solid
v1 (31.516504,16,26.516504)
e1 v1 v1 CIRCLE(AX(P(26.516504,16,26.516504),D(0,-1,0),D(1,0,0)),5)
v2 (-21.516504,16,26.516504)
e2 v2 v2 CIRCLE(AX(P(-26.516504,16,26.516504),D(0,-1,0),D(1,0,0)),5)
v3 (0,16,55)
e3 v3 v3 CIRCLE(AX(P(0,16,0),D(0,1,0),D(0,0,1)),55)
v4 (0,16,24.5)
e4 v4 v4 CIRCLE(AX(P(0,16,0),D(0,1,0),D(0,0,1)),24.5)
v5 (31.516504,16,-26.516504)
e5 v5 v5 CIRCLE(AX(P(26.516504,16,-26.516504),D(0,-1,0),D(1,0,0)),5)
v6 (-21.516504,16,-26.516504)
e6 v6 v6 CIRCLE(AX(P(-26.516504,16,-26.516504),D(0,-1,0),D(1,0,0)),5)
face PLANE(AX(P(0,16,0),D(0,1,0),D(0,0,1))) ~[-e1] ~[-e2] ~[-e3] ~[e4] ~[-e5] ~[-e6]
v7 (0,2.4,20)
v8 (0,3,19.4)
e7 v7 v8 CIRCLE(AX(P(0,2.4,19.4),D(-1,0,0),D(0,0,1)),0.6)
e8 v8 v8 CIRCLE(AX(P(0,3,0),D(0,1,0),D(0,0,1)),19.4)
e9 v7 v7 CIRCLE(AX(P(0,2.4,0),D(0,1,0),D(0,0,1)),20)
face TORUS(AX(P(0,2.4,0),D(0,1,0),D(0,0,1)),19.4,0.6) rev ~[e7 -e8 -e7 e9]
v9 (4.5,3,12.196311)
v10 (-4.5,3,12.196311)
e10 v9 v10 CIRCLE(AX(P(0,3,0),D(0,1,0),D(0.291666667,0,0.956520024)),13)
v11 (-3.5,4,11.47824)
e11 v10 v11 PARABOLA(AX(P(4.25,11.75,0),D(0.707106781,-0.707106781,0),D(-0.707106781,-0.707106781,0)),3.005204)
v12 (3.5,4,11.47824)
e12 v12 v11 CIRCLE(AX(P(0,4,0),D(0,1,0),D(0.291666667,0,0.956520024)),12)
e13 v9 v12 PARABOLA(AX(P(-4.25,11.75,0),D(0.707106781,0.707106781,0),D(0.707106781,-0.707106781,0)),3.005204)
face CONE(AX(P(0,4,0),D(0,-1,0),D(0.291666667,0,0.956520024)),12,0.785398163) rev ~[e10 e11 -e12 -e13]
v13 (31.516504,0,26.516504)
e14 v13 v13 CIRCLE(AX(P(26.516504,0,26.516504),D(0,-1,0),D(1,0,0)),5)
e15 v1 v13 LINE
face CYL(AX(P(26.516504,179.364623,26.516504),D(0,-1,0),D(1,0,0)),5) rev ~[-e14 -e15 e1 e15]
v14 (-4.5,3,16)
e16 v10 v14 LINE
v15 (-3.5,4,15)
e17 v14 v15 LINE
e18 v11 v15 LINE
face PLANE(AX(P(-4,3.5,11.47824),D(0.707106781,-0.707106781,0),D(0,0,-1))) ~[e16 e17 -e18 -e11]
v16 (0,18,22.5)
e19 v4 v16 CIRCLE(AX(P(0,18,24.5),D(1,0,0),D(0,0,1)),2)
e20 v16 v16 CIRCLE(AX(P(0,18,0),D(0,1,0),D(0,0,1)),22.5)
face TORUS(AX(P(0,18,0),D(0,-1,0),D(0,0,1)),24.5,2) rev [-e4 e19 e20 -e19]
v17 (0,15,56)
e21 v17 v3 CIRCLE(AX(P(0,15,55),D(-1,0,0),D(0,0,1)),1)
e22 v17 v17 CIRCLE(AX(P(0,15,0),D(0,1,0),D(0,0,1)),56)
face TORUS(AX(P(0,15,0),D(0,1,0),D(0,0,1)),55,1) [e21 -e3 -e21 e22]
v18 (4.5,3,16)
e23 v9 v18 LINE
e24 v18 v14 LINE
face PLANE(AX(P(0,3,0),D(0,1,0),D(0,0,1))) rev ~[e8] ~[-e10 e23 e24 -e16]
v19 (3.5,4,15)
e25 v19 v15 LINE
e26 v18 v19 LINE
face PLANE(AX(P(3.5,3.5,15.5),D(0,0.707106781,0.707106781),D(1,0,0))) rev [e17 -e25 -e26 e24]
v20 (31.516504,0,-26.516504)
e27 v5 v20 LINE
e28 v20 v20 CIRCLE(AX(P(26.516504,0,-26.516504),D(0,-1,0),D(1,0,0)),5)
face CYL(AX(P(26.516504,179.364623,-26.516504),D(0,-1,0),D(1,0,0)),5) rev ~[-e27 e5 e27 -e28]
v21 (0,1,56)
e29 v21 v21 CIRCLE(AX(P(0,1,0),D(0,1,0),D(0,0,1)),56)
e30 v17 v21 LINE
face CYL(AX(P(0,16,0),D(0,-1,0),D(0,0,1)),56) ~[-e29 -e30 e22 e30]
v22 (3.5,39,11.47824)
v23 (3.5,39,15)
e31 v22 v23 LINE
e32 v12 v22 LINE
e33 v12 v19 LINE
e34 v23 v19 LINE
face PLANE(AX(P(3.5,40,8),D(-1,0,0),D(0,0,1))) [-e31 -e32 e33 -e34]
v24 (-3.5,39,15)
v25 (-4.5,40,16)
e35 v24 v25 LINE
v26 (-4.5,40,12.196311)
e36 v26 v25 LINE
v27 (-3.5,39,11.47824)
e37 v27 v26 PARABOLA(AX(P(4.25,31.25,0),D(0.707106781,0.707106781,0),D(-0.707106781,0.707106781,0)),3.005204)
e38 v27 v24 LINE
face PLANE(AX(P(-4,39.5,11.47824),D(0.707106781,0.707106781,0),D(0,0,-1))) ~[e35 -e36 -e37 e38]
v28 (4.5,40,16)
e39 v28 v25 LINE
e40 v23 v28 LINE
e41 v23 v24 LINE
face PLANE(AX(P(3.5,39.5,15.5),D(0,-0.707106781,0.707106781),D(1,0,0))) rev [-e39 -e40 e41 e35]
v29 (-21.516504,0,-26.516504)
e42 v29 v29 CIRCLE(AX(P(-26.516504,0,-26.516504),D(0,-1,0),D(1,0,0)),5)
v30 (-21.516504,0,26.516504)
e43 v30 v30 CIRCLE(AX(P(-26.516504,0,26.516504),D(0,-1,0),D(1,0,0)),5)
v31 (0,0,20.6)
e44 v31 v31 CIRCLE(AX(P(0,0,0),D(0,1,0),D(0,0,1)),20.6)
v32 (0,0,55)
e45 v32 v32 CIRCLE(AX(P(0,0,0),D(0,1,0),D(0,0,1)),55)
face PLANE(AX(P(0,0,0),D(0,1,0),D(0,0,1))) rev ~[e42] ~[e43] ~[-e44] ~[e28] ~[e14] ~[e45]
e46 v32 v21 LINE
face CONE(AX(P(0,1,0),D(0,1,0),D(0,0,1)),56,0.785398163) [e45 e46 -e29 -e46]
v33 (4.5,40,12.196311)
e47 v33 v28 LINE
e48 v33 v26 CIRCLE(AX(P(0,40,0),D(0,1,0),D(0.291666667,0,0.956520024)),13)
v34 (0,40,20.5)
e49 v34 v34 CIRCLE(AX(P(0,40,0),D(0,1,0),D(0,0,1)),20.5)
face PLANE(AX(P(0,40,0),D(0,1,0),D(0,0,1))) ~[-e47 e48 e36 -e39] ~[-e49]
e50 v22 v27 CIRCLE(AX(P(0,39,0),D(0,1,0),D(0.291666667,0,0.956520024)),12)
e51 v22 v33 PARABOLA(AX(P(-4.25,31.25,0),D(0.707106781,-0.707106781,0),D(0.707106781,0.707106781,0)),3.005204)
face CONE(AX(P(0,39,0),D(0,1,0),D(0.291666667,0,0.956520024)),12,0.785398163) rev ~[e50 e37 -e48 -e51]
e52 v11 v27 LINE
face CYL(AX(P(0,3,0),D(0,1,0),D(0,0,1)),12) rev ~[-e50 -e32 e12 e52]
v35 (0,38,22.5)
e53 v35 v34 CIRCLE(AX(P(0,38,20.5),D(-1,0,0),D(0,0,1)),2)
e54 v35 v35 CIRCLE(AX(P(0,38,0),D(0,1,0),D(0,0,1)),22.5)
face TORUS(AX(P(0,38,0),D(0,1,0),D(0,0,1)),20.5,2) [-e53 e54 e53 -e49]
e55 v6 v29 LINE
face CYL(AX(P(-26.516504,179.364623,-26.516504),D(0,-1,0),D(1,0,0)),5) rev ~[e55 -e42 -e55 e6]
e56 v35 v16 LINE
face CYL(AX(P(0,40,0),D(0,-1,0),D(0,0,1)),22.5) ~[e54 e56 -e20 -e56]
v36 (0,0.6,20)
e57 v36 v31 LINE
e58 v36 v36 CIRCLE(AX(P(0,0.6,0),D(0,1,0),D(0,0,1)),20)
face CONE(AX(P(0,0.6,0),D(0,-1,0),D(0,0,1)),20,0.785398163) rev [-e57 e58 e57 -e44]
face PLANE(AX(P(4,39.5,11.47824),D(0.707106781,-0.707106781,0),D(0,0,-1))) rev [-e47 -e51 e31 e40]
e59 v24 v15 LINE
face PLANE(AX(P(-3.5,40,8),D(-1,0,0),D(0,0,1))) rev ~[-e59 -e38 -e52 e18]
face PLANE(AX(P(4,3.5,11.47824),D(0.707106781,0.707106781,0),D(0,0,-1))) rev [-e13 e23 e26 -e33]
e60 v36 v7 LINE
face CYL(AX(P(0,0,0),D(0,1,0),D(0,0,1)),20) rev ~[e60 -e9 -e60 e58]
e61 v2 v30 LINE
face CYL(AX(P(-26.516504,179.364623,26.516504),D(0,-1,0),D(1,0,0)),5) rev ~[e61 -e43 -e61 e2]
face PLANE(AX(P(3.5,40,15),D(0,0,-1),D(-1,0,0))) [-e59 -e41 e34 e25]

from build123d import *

# Parameters (mm, degrees)
F2_W     = 7
F2_H     = 7
F3_DEPTH = 40.001
F5_D     = 10
F6_SIZE  = 1
F7_SIZE  = 0.6
F8_R     = 0.6
F9_SIZE  = 1
F10_R    = 1
F11_R    = 2


with BuildPart() as f1:
    # F0 (on Right) → F1 (revolve)
    with BuildSketch(Plane.YZ):
        Polygon((0, 56), (0, 20), (3, 20), (3, 12), (40, 12), (40, 22.5), (16, 22.5), (16, 56), align=None)
    revolve(axis=Axis((0, 11.147524, 0), (0, 1, 0)))

    # F2 (on face) → F3 (cut, through all)
    with BuildSketch(Plane(origin=(0, 40, 0), x_dir=(-1, 0, 0), z_dir=(0, 1, 0))):
        with Locations((0, 11.5)):
            Rectangle(F2_W, F2_H)
    extrude(amount=-F3_DEPTH, mode=Mode.SUBTRACT)

    # F5 (through all)
    with Locations(Plane(origin=(0, 16, 0), x_dir=(-1, 0, 0), z_dir=(0, 1, 0))):
        with Locations((26.516504, 26.516504), (-26.516504, 26.516504), (-26.516504, -26.516504), (26.516504, -26.516504)):
            Hole(F5_D / 2)

    # F6
    f6_edges = [f1.edges().sort_by_distance(p)[0] for p in [
        (0, 3, -12),
        (-3.5, 40, 13.23912),
        (0, 40, 15),
        (3.5, 40, 13.23912),
        (-3.5, 3, 13.23912),
        (0, 40, -12),
        (3.5, 3, 13.23912),
        (0, 3, 15),
    ]]
    chamfer(f6_edges, length=F6_SIZE)

    # F7
    f7_edges = [f1.edges().sort_by_distance(p)[0] for p in [
        (0, 0, -20),
    ]]
    chamfer(f7_edges, length=F7_SIZE)

    # F8
    f8_edges = [f1.edges().sort_by_distance(p)[0] for p in [
        (0, 3, -20),
    ]]
    fillet(f8_edges, radius=F8_R)

    # F9
    f9_edges = [f1.edges().sort_by_distance(p)[0] for p in [
        (0, 0, -56),
    ]]
    chamfer(f9_edges, length=F9_SIZE)

    # F10
    f10_edges = [f1.edges().sort_by_distance(p)[0] for p in [
        (0, 16, -56),
    ]]
    fillet(f10_edges, radius=F10_R)

    # F11
    f11_edges = [f1.edges().sort_by_distance(p)[0] for p in [
        (0, 40, -22.5),
        (0, 16, -22.5),
    ]]
    fillet(f11_edges, radius=F11_R)


solid = f1.part
